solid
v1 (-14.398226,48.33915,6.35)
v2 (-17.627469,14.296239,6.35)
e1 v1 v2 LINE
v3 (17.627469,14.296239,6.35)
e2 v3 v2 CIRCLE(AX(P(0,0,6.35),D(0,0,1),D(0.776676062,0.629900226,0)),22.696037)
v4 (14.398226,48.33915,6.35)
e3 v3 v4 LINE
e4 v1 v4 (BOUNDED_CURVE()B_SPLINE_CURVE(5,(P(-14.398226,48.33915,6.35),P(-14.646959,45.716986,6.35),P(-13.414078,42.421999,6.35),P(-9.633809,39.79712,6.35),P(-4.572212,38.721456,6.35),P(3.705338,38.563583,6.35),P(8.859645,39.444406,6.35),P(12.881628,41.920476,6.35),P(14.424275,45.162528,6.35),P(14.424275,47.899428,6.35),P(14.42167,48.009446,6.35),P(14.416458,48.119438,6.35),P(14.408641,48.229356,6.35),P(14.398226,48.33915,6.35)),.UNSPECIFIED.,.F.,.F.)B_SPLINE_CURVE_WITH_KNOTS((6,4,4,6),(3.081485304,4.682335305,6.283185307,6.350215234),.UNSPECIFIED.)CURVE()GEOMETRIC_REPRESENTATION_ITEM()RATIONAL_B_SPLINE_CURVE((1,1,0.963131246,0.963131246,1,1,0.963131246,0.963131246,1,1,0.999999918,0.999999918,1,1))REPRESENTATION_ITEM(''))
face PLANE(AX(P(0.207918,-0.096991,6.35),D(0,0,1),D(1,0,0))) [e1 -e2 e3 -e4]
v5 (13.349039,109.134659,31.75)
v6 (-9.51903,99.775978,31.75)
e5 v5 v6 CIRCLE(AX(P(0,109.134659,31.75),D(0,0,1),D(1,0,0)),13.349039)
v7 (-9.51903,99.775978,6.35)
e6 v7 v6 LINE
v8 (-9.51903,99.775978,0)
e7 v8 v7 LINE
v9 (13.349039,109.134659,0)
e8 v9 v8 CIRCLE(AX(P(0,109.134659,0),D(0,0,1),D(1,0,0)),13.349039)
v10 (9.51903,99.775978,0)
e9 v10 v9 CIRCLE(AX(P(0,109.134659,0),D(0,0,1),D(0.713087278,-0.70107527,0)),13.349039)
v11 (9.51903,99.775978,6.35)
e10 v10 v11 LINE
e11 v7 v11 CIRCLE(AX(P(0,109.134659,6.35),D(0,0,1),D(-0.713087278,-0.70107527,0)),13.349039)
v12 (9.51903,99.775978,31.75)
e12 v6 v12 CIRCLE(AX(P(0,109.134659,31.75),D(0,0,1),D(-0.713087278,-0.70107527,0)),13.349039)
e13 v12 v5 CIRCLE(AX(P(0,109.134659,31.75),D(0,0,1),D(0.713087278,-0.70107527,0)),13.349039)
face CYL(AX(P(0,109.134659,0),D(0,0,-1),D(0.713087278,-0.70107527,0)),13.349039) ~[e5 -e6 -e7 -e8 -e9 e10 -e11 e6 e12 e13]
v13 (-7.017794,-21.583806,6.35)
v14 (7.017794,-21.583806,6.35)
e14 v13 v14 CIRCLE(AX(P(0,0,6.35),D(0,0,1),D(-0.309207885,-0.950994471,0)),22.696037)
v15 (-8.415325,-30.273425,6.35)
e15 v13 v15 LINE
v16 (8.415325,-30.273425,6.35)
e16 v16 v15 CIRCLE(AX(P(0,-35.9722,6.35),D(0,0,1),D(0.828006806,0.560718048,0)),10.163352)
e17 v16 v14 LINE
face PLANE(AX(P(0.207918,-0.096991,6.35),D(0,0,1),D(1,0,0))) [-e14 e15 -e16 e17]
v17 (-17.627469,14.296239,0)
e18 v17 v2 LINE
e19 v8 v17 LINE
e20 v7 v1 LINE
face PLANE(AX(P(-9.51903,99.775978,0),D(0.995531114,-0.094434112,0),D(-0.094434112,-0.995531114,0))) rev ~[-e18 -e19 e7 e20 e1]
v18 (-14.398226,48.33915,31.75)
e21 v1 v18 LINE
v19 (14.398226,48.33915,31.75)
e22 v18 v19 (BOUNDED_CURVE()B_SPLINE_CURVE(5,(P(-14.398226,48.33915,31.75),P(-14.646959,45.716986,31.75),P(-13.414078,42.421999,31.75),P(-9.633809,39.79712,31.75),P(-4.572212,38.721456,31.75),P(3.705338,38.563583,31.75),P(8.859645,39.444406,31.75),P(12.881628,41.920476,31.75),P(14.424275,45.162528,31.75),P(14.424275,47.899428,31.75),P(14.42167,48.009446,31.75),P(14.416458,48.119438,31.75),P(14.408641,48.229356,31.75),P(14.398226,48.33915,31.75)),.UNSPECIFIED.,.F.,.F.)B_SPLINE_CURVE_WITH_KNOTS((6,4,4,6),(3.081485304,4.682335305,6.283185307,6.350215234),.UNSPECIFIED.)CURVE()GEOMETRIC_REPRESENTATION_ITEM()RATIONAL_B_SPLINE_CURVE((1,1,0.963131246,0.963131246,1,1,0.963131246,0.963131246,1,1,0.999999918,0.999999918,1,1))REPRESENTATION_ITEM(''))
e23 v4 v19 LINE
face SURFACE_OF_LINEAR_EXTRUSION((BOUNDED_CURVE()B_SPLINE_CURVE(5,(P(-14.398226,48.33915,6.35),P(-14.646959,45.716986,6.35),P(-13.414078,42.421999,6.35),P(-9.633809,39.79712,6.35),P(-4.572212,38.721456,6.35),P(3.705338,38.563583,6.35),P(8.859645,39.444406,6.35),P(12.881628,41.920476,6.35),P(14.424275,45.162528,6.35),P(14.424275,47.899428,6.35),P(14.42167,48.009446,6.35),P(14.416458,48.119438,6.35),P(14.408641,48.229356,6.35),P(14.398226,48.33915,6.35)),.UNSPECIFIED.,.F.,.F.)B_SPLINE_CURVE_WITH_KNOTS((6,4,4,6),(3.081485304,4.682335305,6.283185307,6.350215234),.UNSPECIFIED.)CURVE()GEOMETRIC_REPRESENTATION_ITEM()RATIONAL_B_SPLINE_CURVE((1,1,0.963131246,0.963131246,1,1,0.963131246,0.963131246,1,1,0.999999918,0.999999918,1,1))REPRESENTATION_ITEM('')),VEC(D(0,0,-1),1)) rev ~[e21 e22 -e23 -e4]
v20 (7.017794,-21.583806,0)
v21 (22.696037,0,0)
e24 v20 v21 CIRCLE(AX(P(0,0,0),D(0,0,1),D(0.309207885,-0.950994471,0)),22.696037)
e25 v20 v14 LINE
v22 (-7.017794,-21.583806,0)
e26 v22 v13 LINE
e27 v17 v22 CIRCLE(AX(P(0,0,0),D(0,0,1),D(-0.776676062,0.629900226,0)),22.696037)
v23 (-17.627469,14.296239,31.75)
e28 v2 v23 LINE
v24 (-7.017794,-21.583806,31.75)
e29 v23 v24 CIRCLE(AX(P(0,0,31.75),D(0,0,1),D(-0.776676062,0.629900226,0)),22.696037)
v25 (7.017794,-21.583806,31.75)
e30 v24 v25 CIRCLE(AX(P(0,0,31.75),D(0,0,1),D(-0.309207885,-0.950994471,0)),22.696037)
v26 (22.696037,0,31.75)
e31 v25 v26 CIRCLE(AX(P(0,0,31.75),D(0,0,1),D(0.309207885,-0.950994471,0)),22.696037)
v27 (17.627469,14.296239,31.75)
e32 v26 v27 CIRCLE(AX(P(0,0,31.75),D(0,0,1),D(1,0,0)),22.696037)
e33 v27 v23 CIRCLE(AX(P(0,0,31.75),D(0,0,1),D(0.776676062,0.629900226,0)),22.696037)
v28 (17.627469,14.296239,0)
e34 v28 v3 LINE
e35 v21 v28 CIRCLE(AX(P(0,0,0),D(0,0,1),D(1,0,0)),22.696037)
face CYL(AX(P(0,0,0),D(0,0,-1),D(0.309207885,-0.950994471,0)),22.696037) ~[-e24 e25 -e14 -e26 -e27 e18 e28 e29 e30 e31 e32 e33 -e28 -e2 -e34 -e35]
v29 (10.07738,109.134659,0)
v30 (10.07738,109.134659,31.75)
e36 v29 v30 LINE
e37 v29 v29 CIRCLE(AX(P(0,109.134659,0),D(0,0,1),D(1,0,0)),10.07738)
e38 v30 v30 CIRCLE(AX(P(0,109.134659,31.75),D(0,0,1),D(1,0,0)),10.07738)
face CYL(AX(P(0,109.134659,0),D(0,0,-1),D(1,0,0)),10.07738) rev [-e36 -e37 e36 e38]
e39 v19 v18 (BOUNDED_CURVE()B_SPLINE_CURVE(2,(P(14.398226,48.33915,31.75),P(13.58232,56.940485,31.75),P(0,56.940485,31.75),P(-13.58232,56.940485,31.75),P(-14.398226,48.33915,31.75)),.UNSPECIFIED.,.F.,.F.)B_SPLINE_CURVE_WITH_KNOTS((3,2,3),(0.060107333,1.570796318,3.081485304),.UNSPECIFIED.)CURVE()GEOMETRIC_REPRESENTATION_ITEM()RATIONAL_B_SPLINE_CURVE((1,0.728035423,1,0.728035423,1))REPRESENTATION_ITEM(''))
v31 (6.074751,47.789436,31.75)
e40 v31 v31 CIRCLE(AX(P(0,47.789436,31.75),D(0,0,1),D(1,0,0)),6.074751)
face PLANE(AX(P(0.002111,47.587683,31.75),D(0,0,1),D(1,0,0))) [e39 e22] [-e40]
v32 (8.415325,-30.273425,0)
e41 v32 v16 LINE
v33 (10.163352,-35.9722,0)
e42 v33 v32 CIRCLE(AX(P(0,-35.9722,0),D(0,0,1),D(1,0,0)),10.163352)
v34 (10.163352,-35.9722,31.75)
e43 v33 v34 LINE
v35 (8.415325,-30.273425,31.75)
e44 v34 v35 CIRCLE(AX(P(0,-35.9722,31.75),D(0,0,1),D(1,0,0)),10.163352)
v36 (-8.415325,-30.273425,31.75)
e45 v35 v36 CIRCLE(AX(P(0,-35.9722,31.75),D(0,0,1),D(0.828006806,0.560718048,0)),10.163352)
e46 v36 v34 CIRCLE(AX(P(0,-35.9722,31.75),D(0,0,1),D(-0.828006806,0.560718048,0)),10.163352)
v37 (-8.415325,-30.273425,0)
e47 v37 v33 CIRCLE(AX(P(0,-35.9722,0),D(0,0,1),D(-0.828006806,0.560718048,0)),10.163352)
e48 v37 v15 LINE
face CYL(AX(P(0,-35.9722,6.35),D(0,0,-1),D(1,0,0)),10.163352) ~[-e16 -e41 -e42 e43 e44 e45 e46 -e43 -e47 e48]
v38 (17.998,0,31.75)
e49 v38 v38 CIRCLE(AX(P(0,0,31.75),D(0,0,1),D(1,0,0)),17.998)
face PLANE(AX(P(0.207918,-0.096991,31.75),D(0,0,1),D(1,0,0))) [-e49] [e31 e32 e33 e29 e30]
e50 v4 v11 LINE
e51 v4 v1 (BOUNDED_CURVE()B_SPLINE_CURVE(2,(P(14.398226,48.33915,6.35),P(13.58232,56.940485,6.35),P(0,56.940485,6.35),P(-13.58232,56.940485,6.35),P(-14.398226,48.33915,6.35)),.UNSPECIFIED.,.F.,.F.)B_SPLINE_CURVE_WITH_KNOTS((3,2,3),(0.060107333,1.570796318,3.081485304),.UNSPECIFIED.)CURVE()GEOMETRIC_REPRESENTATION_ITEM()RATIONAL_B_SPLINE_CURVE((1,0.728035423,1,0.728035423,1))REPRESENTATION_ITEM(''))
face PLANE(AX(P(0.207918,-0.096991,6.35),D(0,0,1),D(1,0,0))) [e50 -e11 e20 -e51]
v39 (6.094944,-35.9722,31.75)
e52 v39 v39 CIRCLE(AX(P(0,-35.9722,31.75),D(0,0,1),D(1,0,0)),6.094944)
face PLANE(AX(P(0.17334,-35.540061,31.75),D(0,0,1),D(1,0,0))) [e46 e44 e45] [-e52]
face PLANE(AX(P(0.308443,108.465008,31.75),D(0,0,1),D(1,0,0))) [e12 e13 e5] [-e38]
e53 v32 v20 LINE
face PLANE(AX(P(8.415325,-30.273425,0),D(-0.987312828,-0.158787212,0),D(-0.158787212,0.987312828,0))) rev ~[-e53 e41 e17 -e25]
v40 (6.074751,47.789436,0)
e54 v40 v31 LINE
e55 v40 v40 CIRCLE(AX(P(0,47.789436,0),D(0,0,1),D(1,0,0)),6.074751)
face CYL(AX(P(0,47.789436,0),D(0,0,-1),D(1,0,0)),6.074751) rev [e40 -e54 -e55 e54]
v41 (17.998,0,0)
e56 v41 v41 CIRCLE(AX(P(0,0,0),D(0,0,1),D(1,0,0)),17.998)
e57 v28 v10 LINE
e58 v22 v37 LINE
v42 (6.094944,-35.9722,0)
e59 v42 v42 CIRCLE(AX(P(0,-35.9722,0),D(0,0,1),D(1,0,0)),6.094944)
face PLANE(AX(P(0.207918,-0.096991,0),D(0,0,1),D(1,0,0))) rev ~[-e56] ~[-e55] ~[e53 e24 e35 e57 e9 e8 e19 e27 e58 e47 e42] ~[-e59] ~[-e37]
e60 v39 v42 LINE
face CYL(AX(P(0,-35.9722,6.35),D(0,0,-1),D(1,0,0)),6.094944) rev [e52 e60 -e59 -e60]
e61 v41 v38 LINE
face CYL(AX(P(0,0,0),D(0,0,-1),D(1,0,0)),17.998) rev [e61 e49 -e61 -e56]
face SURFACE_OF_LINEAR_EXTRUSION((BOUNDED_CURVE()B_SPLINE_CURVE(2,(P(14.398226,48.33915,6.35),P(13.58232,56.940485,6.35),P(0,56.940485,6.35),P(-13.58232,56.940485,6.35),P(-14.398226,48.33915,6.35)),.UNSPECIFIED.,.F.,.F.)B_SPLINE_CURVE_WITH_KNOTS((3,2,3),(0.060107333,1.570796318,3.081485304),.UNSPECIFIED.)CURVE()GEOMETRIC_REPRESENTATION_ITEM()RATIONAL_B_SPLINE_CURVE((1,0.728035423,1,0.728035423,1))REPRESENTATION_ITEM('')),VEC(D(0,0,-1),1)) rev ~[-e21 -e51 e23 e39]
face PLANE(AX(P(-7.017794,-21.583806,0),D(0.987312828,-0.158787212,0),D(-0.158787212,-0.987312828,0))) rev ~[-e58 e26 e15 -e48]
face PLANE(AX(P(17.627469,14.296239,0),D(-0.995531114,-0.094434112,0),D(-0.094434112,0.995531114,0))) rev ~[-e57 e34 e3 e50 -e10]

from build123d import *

# Parameters (mm, degrees)
F0_R     = 17.9979995513
F0_R_2   = 6.0747510363
F0_R_3   = 6.0949441069
F0_R_4   = 10.0773801314
F1_DEPTH = 6.35
F2_R     = 6.0949441069
F2_R_2   = 10.0773801314
F2_R_3   = 17.9979995513
F2_R_4   = 6.0747510363
F3_DEPTH = 25.4


with BuildPart() as f1:
    # F0 (on Top) → F1 (new body)
    with BuildSketch(Plane.XY):
        with BuildLine():
            ThreePointArc((7.0177937307, -21.5838061327), (18.3628187564, -13.3385532701), (22.6960374519, 0))
            ThreePointArc((22.6960374519, 0), (21.3913979495, 7.5840760668), (17.6274689928, 14.2962391183))
            ThreePointArc((17.6274689928, 14.2962391183), (0, 22.6960374519), (-17.6274689928, 14.2962391183))
            ThreePointArc((-17.6274689928, 14.2962391183), (-21.7644585386, -6.4357175621), (-7.0177937307, -21.5838061327))
            ThreePointArc((-7.0177937307, -21.5838061327), (0, -22.6960374519), (7.0177937307, -21.5838061327))
        make_face()
        Circle(F0_R, mode=Mode.SUBTRACT)
        with BuildLine():
            ThreePointArc((-17.6274689928, 14.2962391183), (0, 22.6960374519), (17.6274689928, 14.2962391183))
            Line((17.6274689928, 14.2962391183), (14.3902904912, 48.4228048638))
            add(Edge.make_bspline(
                [(14.4202992754, 47.7894358337), (14.4202992754, 48.1064502038), (14.3902904912, 48.4228048638)],
                knots=[0, 0, 0, 0.0645249095, 0.0645249095, 0.0645249095], degree=2, weights=[1, 0.9994796121, 1]))
            add(Edge.make_bspline(
                [(-14.3902904941, 48.4228048331), (-15.3506063284, 38.2990889748), (-0.4651535265, 37.9718487335), (14.4202992754, 37.6446084922), (14.4202992754, 47.7894358337)],
                knots=[3.0770677473, 3.0770677473, 3.0770677473, 4.6801265272, 4.6801265272, 6.2831853072, 6.2831853072, 6.2831853072], degree=2, weights=[1, 0.6956087777, 1, 0.6956087777, 1]))
            Line((-14.3902904941, 48.4228048331), (-17.6274689928, 14.2962391183))
        make_face()
        with BuildLine():
            Line((8.4153248479, -30.2734252867), (7.0177937307, -21.5838061327))
            ThreePointArc((7.0177937307, -21.5838061327), (0, -22.6960374519), (-7.0177937307, -21.5838061327))
            Line((-7.0177937307, -21.5838061327), (-8.4153248479, -30.2734252867))
            ThreePointArc((-8.4153248479, -30.2734252867), (0, -25.8088480655), (8.4153248479, -30.2734252867))
        make_face()
        with BuildLine():
            add(Edge.make_bspline(
                [(14.4202992754, 47.7894358337), (14.4202992754, 48.1064502038), (14.3902904912, 48.4228048638)],
                knots=[0, 0, 0, 0.0645249095, 0.0645249095, 0.0645249095], degree=2, weights=[1, 0.9994796121, 1]))
            add(Edge.make_bspline(
                [(14.3902904912, 48.4228048638), (13.5186086534, 57.6121345609), (-2.26e-08, 57.6121345465), (-13.5186086986, 57.612134532), (-14.3902904941, 48.4228048331)],
                knots=[0.0645249095, 0.0645249095, 0.0645249095, 1.5707963284, 1.5707963284, 3.0770677473, 3.0770677473, 3.0770677473], degree=2, weights=[1, 0.7295478541, 1, 0.7295478541, 1]))
            add(Edge.make_bspline(
                [(-14.3902904941, 48.4228048331), (-15.3506063284, 38.2990889748), (-0.4651535265, 37.9718487335), (14.4202992754, 37.6446084922), (14.4202992754, 47.7894358337)],
                knots=[3.0770677473, 3.0770677473, 3.0770677473, 4.6801265272, 4.6801265272, 6.2831853072, 6.2831853072, 6.2831853072], degree=2, weights=[1, 0.6956087777, 1, 0.6956087777, 1]))
        make_face()
        with Locations((0, 47.7894358337)):
            Circle(F0_R_2, mode=Mode.SUBTRACT)
        with BuildLine():
            add(Edge.make_bspline(
                [(14.3902904912, 48.4228048638), (13.5186086534, 57.6121345609), (-2.26e-08, 57.6121345465), (-13.5186086986, 57.612134532), (-14.3902904941, 48.4228048331)],
                knots=[0.0645249095, 0.0645249095, 0.0645249095, 1.5707963284, 1.5707963284, 3.0770677473, 3.0770677473, 3.0770677473], degree=2, weights=[1, 0.7295478541, 1, 0.7295478541, 1]))
            Line((14.3902904912, 48.4228048638), (9.5190301139, 99.7759778344))
            ThreePointArc((9.5190301139, 99.7759778344), (0, 95.7856198547), (-9.5190301139, 99.7759778344))
            Line((-9.5190301139, 99.7759778344), (-14.3902904941, 48.4228048331))
        make_face()
        with BuildLine():
            ThreePointArc((10.1633522686, -35.9722003341), (9.7165230463, -32.9917793527), (8.4153248479, -30.2734252867))
            ThreePointArc((8.4153248479, -30.2734252867), (0, -25.8088480655), (-8.4153248479, -30.2734252867))
            ThreePointArc((-8.4153248479, -30.2734252867), (-2.9804209813, -45.6887233804), (10.1633522686, -35.9722003341))
        make_face()
        with Locations((0, -35.9722003341)):
            Circle(F0_R_3, mode=Mode.SUBTRACT)
        with BuildLine():
            ThreePointArc((-9.5190301139, 99.7759778344), (0, 95.7856198547), (9.5190301139, 99.7759778344))
            ThreePointArc((9.5190301139, 99.7759778344), (12.3544882111, 104.0786259717), (13.3490393164, 109.1346591711))
            ThreePointArc((13.3490393164, 109.1346591711), (-5.0560331994, 121.4891473822), (-9.5190301139, 99.7759778344))
        make_face()
        with Locations((0, 109.1346591711)):
            Circle(F0_R_4, mode=Mode.SUBTRACT)
    extrude(amount=F1_DEPTH)

    # F2 (on face) → F3 (join)
    with BuildSketch(Plane.XY.offset(6.35)):
        with BuildLine():
            ThreePointArc((10.1633522686, -35.9722003341), (9.7165230463, -32.9917793527), (8.4153248479, -30.2734252867))
            ThreePointArc((8.4153248479, -30.2734252867), (0, -25.8088480655), (-8.4153248479, -30.2734252867))
            ThreePointArc((-8.4153248479, -30.2734252867), (-2.9804209813, -45.6887233804), (10.1633522686, -35.9722003341))
        make_face()
        with Locations((0, -35.9722003341)):
            Circle(F2_R, mode=Mode.SUBTRACT)
        with BuildLine():
            ThreePointArc((-9.5190301139, 99.7759778344), (0, 95.7856198547), (9.5190301139, 99.7759778344))
            ThreePointArc((9.5190301139, 99.7759778344), (12.3544882111, 104.0786259717), (13.3490393164, 109.1346591711))
            ThreePointArc((13.3490393164, 109.1346591711), (-5.0560331994, 121.4891473822), (-9.5190301139, 99.7759778344))
        make_face()
        with Locations((0, 109.1346591711)):
            Circle(F2_R_2, mode=Mode.SUBTRACT)
        with BuildLine():
            ThreePointArc((7.0177937307, -21.5838061327), (18.3628187564, -13.3385532701), (22.6960374519, 0))
            ThreePointArc((22.6960374519, 0), (21.3913979495, 7.5840760668), (17.6274689928, 14.2962391183))
            ThreePointArc((17.6274689928, 14.2962391183), (0, 22.6960374519), (-17.6274689928, 14.2962391183))
            ThreePointArc((-17.6274689928, 14.2962391183), (-21.7644585386, -6.4357175621), (-7.0177937307, -21.5838061327))
            ThreePointArc((-7.0177937307, -21.5838061327), (0, -22.6960374519), (7.0177937307, -21.5838061327))
        make_face()
        Circle(F2_R_3, mode=Mode.SUBTRACT)
        with BuildLine():
            add(Edge.make_bspline(
                [(14.4242746669, 47.7894358337), (14.4242746669, 48.0645412422), (14.3982258415, 48.3391498372)],
                knots=[0, 0, 0, 0.0601073328, 0.0601073328, 0.0601073328], degree=2, weights=[1, 0.9995484226, 1]))
            add(Edge.make_bspline(
                [(14.3982258415, 48.3391498372), (13.5823203052, 56.9404848349), (1.244e-07, 56.9404849092), (-13.5823200565, 56.9404849835), (-14.3982258266, 48.3391499947)],
                knots=[0.0601073328, 0.0601073328, 0.0601073328, 1.5707963182, 1.5707963182, 3.0814853035, 3.0814853035, 3.0814853035], degree=2, weights=[1, 0.7280354231, 1, 0.7280354231, 1]))
            add(Edge.make_bspline(
                [(-14.3982258266, 48.3391499947), (-15.2911490833, 38.9258913417), (-0.4334372082, 38.6425191679), (14.4242746669, 38.3591469941), (14.4242746669, 47.7894358337)],
                knots=[3.0814853035, 3.0814853035, 3.0814853035, 4.6823353053, 4.6823353053, 6.2831853072, 6.2831853072, 6.2831853072], degree=2, weights=[1, 0.6964017694, 1, 0.6964017694, 1]))
        make_face()
        with Locations((0, 47.7894358337)):
            Circle(F2_R_4, mode=Mode.SUBTRACT)
    extrude(amount=F3_DEPTH)


solid = f1.part
